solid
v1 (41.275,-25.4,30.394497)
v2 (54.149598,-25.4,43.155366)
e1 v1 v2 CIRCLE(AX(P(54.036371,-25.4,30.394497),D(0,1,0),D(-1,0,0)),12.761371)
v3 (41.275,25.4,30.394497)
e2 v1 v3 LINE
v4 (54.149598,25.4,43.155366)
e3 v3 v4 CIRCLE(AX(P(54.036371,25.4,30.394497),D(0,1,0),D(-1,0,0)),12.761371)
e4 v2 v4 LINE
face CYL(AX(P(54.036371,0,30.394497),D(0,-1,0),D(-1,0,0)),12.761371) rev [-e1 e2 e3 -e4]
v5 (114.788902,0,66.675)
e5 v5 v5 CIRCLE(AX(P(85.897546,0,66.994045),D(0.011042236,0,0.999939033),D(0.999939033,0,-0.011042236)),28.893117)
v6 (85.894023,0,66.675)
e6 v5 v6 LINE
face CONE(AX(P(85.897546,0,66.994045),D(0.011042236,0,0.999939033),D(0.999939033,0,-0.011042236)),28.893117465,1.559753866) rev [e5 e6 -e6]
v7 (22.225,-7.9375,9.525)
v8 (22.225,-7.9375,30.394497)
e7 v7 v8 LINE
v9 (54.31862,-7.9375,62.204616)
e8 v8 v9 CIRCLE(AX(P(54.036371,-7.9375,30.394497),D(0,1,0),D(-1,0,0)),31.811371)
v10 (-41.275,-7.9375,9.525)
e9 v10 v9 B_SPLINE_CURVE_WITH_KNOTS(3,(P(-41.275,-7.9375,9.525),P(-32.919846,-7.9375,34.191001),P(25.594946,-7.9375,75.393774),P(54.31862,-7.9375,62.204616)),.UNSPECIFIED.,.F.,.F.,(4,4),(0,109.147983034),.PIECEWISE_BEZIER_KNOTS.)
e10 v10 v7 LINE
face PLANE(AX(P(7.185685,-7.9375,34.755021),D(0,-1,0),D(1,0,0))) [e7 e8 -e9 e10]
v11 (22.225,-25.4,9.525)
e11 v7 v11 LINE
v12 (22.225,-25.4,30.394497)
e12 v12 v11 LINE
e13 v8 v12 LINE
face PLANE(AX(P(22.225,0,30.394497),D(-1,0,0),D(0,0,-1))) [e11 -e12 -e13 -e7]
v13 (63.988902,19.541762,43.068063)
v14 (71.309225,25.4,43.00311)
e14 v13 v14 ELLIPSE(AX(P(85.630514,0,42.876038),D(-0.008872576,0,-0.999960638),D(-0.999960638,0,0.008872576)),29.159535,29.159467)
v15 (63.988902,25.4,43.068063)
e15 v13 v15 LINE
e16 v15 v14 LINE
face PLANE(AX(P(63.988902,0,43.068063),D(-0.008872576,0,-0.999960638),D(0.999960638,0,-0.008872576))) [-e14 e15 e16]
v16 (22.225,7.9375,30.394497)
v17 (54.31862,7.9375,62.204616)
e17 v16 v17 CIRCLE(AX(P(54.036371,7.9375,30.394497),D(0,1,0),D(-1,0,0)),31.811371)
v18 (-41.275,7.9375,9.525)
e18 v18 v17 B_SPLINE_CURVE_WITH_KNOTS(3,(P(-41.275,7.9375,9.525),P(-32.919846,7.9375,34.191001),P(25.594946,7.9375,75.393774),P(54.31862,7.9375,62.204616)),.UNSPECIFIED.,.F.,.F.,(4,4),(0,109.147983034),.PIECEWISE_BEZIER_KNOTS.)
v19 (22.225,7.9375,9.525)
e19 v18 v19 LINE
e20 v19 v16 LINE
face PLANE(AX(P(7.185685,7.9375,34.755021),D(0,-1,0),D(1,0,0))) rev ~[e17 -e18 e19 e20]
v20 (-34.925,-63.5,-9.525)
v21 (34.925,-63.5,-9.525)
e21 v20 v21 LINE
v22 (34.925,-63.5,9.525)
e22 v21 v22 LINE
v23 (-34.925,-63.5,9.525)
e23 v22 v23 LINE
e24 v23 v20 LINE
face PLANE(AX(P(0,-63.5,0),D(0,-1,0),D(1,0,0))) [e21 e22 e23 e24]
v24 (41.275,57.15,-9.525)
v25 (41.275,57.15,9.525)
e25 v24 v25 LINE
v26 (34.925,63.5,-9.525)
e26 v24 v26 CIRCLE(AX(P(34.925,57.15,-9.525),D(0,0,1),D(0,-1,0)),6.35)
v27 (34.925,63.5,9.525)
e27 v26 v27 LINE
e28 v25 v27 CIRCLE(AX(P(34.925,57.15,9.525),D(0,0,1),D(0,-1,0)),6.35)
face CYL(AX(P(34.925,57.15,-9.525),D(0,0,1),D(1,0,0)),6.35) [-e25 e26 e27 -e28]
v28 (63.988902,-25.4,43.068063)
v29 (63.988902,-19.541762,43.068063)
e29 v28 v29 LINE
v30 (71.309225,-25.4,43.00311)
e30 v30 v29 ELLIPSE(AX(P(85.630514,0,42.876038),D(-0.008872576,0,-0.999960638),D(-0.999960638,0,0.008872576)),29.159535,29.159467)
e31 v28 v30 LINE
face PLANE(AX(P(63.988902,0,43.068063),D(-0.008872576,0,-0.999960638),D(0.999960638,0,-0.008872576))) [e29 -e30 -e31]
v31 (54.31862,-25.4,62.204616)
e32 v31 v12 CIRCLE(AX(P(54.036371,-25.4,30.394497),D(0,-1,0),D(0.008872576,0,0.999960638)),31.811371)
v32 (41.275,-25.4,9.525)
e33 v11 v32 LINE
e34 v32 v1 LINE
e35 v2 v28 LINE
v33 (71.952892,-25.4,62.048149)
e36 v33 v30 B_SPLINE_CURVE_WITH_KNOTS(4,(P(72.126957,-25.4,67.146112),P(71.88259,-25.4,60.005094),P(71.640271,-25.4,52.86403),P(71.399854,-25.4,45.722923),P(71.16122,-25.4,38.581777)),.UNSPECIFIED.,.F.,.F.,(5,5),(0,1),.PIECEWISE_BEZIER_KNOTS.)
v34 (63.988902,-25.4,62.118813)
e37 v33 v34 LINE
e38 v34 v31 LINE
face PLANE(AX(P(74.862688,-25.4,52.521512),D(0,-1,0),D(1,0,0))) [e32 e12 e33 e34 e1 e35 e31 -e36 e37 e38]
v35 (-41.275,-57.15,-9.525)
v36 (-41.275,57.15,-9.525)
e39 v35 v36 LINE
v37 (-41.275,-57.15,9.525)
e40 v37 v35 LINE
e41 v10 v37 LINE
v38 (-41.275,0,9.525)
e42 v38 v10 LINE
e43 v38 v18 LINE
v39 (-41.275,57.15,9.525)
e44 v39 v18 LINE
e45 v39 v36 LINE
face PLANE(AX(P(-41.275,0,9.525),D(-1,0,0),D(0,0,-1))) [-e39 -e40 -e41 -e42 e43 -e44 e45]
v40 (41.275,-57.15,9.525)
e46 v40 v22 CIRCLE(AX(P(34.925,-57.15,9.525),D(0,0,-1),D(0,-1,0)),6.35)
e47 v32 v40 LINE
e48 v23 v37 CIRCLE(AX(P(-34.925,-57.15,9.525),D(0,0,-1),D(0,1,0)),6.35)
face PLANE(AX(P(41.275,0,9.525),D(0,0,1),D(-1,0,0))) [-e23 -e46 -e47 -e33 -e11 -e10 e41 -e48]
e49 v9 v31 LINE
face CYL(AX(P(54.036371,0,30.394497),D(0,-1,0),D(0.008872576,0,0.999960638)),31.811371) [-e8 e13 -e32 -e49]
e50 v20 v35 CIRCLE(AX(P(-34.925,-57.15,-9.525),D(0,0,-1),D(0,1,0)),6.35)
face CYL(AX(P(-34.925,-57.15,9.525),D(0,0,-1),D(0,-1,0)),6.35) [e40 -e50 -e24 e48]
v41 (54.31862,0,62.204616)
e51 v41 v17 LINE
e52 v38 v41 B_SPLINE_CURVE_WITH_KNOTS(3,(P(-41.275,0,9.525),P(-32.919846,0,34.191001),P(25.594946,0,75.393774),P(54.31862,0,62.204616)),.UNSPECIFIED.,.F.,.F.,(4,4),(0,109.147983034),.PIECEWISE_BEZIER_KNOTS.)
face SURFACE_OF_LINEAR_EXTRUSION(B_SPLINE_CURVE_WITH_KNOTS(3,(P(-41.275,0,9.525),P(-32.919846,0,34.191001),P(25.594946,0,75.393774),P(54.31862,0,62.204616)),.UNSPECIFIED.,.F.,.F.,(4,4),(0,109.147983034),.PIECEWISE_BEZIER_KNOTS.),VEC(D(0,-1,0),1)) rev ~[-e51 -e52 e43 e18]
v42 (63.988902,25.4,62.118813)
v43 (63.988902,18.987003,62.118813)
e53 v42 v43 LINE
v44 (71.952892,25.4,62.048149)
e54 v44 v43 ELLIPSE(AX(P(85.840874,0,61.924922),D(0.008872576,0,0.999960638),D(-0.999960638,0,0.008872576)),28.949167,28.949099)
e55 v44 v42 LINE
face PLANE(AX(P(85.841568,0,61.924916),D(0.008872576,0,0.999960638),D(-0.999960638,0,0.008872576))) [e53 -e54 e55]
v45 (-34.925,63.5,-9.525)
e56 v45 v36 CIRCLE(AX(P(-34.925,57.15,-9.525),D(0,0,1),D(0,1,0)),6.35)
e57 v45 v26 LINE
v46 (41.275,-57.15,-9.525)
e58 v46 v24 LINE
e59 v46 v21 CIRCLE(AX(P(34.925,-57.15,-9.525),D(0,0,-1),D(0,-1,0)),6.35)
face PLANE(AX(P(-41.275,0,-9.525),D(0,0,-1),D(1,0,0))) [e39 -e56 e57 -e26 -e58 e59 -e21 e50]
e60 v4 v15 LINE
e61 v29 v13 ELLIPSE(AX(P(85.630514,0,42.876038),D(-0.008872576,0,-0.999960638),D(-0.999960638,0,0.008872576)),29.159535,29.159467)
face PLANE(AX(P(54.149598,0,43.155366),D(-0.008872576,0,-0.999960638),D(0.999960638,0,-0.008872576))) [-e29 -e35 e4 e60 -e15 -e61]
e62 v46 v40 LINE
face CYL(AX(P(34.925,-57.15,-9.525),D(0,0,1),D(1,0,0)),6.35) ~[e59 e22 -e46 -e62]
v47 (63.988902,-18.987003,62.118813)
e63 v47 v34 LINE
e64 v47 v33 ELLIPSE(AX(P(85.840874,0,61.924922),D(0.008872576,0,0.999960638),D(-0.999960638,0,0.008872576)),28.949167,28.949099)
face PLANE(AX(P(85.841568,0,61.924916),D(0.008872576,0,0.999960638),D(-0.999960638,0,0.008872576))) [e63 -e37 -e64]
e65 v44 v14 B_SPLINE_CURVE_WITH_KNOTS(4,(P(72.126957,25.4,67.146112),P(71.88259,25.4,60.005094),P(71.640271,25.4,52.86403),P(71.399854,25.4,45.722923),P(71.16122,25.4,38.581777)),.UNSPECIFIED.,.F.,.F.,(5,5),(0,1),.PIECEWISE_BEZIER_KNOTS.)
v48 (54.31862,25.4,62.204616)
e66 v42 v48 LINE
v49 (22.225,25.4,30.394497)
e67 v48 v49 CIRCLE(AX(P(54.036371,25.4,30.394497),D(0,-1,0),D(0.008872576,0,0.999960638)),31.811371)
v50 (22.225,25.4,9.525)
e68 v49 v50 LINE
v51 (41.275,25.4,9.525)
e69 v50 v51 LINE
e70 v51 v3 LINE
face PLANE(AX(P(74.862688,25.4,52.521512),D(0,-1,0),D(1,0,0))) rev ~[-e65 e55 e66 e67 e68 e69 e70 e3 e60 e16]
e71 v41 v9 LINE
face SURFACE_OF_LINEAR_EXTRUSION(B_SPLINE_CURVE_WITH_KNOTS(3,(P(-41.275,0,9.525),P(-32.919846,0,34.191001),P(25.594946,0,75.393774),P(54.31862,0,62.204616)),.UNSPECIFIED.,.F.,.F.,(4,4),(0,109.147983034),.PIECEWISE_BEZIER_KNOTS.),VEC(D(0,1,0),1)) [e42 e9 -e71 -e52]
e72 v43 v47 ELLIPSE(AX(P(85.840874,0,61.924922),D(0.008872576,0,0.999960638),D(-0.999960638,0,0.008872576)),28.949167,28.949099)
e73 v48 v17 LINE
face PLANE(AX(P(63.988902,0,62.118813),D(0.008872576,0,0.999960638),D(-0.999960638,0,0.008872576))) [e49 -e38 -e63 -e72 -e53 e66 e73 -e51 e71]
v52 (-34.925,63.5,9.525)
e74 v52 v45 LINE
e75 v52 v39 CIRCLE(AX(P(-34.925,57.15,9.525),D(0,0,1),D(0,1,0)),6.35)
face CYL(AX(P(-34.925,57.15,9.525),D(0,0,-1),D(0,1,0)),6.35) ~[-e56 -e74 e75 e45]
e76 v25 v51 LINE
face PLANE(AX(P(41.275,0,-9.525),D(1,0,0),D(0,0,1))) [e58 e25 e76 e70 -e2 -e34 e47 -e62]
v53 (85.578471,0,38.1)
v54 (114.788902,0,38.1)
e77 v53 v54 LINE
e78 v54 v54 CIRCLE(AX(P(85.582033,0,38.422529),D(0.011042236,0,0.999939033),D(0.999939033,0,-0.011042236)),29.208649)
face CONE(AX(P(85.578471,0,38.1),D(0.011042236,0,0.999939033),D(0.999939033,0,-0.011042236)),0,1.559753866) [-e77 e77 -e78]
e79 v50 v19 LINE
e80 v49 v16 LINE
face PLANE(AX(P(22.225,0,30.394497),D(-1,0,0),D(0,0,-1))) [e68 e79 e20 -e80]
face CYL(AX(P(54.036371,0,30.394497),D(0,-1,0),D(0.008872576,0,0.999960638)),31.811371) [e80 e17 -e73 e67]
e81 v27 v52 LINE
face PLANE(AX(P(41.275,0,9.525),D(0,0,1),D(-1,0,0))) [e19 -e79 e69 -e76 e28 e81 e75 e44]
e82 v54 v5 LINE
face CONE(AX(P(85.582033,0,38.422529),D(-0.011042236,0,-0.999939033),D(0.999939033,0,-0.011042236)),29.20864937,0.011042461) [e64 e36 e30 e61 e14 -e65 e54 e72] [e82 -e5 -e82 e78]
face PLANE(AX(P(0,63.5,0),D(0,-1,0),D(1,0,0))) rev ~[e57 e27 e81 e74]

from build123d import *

# Parameters (mm, degrees)
F1_DEPTH = 63.5
F2_DEPTH = 25.4
F3_DEPTH = 7.9375
F5_R     = 6.35


with BuildPart() as f1:
    # F0 (on Front) → F1 (new body, symmetric)
    with BuildSketch(Plane.XZ):
        Polygon((41.275, -9.525), (41.275, 9.525), (22.225, 9.525), (-41.275, 9.525), (-41.275, -9.525), align=None)
    extrude(amount=F1_DEPTH, both=True)

    # F0 (on Front) → F2 (join, symmetric)
    with BuildSketch(Plane.XZ):
        Polygon((63.9889016747, 62.1188126437), (63.9889016747, 43.0680627667), (85.6312127138, 42.8760321675), (85.8415678118, 61.9249155796), align=None)
        with BuildLine():
            Line((22.225, 9.525), (41.275, 9.525))
            Line((41.275, 9.525), (41.275, 30.394497076))
            ThreePointArc((41.275, 30.394497076), (45.0528398589, 39.4580924516), (54.1495976422, 43.1553661719))
            Line((54.1495976422, 43.1553661719), (63.9889016747, 43.0680627667))
            Line((63.9889016747, 43.0680627667), (63.9889016747, 62.1188126437))
            Line((63.9889016747, 62.1188126437), (54.3186202071, 62.2046163244))
            ThreePointArc((54.3186202071, 62.2046163244), (31.6423473224, 52.9881031659), (22.225, 30.394497076))
            Line((22.225, 30.394497076), (22.225, 9.525))
        make_face()
    extrude(amount=F2_DEPTH, both=True)

    # F0 (on Front) → F3 (join, symmetric)
    with BuildSketch(Plane.XZ):
        with BuildLine():
            Line((-41.275, 9.525), (22.225, 9.525))
            Line((22.225, 9.525), (22.225, 30.394497076))
            ThreePointArc((22.225, 30.394497076), (31.6423473224, 52.9881031659), (54.3186202071, 62.2046163244))
            add(Edge.make_bspline(
                [(-41.275, 9.525), (-32.9198464751, 34.1910012066), (25.594945997, 75.3937736154), (54.3186202071, 62.2046163244)],
                knots=[0, 0, 0, 0, 109.1479830339, 109.1479830339, 109.1479830339, 109.1479830339], degree=3))
        make_face()
    extrude(amount=F3_DEPTH, both=True)

    # F0 (on Front) → F4 (revolve)
    with BuildSketch(Plane.XZ):
        Polygon((85.8415678118, 61.9249155796), (85.6312127138, 42.8760321675), (85.5784714222, 38.1), (114.7889016747, 38.1), (114.7889016747, 66.675), (85.8940225648, 66.675), align=None)
    revolve(axis=Axis((85.7362469935, 0, 52.3875), (0.0110422364, 0, 0.9999390326)))

    # F5
    f5_edges = [f1.edges().sort_by_distance(p)[0] for p in [
        (-41.275, -63.5, 0),
        (41.275, -63.5, 0),
        (41.275, 63.5, 0),
        (-41.275, 63.5, 0),
    ]]
    fillet(f5_edges, radius=F5_R)


solid = f1.part
